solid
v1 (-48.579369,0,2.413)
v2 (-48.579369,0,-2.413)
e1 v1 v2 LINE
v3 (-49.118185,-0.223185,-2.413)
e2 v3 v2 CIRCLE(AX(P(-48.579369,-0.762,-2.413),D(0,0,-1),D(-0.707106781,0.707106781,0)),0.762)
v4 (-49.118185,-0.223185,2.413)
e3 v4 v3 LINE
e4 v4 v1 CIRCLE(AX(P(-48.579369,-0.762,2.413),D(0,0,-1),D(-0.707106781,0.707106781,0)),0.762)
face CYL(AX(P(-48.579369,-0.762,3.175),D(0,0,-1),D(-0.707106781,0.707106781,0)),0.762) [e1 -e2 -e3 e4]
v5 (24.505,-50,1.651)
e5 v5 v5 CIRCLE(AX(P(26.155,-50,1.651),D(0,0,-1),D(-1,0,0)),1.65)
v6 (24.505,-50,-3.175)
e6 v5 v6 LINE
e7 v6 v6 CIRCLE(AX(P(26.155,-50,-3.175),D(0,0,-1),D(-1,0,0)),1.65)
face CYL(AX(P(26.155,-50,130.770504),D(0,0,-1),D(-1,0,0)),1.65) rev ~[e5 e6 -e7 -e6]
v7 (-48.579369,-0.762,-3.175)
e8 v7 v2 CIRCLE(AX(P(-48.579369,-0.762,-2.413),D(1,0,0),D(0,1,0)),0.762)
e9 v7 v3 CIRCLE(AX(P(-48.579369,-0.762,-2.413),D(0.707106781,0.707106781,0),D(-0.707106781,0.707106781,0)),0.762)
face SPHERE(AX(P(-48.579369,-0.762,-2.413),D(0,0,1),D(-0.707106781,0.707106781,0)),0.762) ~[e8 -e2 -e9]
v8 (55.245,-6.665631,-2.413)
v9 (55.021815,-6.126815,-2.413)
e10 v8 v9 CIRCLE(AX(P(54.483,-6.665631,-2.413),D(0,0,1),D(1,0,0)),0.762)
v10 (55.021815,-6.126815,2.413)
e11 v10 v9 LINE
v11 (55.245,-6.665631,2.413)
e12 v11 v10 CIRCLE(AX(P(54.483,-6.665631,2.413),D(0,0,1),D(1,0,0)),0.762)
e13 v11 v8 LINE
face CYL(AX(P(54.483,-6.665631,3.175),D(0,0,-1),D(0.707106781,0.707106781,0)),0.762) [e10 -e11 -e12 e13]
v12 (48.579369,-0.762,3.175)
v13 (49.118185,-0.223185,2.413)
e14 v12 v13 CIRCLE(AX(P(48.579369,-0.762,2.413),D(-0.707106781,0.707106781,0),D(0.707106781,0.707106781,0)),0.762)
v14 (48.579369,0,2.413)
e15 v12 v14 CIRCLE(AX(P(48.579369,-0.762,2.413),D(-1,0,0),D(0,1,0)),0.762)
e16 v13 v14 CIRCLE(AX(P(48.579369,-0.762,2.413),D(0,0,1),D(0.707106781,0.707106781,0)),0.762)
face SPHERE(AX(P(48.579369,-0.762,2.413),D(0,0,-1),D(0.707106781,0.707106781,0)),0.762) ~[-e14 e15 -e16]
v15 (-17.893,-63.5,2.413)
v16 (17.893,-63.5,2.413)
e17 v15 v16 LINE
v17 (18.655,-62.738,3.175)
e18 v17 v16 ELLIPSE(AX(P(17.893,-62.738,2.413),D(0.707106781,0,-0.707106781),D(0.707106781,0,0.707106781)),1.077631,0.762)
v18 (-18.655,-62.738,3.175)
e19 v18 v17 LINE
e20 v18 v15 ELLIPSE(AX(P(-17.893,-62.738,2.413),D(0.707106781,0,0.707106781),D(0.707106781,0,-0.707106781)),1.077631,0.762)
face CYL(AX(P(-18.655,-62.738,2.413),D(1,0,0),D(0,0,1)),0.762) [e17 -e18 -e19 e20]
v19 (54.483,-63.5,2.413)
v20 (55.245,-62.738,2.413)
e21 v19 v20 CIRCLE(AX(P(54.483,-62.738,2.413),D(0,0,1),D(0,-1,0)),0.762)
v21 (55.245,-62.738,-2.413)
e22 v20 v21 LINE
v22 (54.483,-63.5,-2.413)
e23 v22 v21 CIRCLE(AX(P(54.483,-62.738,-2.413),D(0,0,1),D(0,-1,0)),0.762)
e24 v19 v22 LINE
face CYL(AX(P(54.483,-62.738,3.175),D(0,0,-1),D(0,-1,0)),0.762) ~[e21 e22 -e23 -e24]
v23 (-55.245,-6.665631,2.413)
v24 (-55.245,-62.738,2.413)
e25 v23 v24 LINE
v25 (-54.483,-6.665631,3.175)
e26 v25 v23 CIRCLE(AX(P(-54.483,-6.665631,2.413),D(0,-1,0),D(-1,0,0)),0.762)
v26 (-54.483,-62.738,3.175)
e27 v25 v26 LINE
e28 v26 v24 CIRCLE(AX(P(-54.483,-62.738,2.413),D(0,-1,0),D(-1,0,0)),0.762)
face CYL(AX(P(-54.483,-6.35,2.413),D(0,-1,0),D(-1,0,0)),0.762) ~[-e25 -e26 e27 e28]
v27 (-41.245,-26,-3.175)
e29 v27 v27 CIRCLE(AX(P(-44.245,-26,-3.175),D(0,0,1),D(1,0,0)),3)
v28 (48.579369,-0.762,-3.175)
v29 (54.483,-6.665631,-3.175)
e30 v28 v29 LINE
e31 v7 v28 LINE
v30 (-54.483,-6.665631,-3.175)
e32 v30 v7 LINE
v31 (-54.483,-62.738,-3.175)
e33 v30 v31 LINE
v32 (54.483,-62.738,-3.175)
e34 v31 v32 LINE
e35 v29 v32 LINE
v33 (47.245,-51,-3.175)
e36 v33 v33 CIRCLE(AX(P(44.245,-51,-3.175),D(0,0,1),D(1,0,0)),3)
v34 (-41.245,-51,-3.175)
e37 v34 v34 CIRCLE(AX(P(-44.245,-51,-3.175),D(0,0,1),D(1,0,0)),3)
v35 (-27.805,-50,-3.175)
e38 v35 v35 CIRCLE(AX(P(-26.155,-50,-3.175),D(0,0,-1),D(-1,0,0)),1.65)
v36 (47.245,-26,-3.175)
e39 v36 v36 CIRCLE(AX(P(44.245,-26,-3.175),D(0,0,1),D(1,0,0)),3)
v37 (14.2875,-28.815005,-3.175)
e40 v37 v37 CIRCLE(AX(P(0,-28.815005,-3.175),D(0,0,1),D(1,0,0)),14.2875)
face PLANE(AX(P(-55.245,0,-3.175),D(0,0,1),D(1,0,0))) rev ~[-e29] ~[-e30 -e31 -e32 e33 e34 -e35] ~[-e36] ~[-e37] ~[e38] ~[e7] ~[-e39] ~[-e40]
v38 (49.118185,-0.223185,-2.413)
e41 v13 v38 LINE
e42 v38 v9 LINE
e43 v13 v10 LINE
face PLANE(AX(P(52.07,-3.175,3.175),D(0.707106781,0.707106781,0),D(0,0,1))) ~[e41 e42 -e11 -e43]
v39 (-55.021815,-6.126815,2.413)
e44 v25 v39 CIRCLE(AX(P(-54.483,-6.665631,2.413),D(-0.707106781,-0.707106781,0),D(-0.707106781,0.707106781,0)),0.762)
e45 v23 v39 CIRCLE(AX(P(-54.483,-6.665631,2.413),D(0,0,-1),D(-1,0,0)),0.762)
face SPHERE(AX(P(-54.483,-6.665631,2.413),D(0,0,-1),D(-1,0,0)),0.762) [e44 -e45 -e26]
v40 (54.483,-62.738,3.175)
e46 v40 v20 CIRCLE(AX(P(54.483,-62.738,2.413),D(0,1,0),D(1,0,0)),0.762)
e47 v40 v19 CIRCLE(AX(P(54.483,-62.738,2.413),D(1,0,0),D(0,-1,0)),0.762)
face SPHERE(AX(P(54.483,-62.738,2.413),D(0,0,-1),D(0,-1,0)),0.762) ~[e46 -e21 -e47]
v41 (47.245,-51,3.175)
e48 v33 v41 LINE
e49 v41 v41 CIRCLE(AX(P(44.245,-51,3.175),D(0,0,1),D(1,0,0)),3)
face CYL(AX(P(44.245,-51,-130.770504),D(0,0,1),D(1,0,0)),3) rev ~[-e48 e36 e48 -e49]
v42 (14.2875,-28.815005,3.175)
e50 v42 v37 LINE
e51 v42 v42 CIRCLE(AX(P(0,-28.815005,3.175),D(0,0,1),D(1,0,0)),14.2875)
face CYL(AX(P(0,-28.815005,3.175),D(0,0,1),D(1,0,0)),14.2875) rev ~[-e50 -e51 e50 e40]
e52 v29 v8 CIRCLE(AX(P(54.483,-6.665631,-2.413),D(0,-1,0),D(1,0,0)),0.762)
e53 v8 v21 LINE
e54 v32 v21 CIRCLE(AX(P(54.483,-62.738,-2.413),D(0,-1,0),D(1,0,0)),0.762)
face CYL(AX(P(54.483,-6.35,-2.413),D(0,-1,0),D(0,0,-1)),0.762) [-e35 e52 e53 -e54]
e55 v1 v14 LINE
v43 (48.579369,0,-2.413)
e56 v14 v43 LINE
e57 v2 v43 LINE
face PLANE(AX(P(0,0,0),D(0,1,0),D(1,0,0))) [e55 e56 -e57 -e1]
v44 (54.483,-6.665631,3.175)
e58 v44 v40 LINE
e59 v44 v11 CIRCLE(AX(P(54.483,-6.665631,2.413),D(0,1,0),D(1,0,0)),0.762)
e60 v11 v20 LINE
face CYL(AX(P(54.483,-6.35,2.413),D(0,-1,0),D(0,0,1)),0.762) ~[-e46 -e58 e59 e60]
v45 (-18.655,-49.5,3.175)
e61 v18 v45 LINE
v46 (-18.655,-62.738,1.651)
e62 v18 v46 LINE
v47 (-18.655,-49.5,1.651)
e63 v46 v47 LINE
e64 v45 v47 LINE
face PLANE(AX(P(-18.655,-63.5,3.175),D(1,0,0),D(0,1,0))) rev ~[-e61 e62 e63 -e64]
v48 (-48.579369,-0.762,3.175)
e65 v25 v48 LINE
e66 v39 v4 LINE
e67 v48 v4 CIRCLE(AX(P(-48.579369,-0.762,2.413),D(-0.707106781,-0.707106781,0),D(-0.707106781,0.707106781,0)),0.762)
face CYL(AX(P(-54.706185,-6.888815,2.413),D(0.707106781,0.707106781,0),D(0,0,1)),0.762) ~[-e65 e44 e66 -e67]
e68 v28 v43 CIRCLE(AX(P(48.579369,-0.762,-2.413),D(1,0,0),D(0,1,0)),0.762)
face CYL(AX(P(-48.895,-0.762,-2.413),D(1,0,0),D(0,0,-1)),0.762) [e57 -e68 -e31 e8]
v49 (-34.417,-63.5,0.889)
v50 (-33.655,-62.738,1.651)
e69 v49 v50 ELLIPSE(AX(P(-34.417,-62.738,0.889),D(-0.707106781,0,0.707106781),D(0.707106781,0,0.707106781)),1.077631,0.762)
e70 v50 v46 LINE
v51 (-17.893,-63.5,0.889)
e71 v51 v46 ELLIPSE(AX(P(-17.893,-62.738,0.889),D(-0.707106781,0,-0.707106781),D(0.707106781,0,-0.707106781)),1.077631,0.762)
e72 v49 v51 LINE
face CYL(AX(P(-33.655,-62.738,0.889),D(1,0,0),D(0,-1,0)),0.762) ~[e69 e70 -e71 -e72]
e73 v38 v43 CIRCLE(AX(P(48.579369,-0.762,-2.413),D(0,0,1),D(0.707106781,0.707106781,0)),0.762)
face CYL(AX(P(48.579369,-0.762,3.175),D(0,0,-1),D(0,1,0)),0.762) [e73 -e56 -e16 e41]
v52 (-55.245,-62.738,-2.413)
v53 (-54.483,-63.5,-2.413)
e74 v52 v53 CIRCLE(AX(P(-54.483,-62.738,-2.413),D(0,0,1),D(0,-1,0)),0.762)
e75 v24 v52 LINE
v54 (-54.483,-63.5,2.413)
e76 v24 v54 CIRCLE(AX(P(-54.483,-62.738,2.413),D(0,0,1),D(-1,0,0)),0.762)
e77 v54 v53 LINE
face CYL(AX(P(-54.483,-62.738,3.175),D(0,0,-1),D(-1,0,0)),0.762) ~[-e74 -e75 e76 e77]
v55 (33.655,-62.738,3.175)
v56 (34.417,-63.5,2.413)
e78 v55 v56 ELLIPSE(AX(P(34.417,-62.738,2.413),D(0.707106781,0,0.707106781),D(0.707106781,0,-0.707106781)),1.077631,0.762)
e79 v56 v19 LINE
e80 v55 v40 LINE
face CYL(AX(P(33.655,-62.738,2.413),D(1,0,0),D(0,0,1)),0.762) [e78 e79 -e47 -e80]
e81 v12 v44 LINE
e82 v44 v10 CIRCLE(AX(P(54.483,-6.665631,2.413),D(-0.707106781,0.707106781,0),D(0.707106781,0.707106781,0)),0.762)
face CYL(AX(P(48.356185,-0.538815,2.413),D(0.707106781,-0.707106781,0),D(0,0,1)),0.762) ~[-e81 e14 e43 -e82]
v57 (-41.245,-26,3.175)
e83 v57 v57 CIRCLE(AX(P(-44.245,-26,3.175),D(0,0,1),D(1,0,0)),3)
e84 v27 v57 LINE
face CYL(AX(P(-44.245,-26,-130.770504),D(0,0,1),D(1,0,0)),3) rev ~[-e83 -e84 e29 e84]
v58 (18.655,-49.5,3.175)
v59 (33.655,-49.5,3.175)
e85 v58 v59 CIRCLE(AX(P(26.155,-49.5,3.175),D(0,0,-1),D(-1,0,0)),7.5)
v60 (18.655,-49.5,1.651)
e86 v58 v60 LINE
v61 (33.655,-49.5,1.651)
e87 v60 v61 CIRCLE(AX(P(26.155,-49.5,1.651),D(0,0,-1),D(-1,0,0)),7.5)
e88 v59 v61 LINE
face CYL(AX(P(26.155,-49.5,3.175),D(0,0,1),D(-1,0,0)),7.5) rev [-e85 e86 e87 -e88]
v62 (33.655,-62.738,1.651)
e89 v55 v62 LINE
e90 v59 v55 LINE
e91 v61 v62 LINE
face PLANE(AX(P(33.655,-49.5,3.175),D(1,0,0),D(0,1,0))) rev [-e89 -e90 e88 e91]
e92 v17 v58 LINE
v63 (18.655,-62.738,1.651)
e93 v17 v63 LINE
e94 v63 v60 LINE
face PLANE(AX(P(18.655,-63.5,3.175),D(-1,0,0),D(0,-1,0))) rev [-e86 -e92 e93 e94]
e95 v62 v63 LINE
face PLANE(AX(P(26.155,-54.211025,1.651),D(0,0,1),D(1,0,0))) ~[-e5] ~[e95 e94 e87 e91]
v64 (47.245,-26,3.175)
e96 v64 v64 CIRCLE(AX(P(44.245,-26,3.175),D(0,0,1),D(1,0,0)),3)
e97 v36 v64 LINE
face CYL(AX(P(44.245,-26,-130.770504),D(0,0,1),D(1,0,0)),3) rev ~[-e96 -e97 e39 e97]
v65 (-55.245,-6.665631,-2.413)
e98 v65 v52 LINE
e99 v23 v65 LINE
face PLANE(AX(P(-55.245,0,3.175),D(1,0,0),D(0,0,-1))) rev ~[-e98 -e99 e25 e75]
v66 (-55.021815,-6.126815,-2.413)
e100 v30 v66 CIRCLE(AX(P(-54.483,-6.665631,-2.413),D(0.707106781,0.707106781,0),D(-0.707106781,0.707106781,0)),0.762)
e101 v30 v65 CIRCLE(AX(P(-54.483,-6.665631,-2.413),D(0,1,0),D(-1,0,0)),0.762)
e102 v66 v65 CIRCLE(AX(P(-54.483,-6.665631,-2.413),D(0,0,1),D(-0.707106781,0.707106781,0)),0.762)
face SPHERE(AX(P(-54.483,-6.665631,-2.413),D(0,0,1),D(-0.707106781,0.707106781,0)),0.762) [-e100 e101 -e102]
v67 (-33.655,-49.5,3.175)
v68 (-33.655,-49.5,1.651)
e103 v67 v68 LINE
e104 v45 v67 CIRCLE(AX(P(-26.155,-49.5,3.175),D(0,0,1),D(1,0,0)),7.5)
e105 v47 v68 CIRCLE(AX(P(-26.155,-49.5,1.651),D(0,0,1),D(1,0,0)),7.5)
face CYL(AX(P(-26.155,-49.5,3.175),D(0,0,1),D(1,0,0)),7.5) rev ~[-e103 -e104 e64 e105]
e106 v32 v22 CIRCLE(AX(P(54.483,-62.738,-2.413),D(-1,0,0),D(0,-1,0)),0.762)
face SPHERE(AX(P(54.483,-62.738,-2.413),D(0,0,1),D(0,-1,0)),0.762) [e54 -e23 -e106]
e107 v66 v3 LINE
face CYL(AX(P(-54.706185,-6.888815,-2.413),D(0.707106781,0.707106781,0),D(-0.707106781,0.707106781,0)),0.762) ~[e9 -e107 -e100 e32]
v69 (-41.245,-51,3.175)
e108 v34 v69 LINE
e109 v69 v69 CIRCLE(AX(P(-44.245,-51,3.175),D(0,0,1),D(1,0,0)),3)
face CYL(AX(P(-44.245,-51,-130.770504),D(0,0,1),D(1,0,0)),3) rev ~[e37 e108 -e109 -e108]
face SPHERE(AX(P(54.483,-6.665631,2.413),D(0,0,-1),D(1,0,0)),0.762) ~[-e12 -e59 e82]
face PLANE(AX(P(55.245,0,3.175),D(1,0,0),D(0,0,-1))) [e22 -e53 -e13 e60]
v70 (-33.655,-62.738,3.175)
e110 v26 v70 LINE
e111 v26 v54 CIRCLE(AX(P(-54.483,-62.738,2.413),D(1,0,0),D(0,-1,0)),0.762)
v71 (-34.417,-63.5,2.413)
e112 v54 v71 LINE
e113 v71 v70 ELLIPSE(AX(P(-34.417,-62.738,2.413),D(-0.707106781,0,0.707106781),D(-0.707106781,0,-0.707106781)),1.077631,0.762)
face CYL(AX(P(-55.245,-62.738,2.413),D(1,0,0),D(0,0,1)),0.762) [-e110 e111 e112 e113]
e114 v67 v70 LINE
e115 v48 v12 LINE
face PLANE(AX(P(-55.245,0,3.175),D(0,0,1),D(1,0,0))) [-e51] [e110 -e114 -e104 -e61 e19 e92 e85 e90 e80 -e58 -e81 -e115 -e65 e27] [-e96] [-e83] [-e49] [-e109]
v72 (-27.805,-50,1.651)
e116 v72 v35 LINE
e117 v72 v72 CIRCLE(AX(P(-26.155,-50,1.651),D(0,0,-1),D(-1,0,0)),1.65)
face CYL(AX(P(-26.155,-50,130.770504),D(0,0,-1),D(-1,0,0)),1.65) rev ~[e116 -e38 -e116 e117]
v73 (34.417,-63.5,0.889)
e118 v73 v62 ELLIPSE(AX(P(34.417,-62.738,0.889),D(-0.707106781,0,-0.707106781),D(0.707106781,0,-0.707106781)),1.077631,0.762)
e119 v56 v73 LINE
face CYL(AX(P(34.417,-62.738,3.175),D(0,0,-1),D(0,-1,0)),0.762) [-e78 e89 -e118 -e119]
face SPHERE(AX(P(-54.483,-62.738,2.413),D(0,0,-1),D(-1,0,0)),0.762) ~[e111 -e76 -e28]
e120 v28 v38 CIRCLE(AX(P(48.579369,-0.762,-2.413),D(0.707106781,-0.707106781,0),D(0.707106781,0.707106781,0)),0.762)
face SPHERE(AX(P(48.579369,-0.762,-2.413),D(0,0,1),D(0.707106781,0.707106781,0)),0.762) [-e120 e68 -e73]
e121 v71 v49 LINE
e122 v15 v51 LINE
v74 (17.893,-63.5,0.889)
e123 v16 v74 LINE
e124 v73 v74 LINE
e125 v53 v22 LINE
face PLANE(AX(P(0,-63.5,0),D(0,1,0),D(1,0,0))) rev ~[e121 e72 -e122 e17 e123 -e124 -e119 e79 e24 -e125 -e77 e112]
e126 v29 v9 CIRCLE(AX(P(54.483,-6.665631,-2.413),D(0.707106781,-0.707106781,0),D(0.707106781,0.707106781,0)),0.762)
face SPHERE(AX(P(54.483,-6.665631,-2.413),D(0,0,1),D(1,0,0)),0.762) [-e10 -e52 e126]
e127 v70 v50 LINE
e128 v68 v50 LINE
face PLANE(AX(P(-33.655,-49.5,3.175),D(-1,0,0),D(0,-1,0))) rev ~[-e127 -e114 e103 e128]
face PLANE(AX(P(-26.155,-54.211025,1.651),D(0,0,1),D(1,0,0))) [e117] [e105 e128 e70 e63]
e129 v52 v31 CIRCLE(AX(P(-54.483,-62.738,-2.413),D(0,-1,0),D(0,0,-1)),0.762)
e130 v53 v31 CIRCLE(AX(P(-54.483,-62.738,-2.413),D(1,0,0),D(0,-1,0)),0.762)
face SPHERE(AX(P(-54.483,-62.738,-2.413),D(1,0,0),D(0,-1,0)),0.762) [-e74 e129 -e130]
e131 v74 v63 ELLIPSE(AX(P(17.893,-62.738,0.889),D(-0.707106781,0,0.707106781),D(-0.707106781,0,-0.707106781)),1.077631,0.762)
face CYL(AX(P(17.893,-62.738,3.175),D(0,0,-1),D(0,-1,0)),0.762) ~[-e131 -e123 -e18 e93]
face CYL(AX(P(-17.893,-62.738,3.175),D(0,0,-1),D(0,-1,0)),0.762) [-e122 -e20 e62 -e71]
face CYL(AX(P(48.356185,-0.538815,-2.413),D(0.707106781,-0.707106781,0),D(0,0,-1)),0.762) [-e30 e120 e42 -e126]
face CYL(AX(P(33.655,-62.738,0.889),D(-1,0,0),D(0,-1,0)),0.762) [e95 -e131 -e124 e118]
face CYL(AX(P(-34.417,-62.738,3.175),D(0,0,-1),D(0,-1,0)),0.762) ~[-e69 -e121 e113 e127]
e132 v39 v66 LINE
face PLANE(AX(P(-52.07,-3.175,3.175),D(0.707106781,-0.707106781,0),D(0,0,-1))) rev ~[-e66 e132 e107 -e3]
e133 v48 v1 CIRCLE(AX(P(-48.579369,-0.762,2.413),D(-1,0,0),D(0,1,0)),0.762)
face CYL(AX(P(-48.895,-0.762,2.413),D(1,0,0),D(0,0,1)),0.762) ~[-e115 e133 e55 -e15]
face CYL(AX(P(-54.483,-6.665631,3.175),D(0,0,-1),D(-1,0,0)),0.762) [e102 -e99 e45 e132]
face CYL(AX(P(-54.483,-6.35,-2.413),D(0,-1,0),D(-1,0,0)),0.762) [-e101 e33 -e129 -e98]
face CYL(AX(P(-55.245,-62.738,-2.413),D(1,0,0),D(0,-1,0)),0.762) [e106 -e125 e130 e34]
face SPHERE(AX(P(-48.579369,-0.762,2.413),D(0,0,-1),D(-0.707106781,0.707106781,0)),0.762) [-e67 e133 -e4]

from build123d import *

# Parameters (mm, degrees)
SKETCH2_W                   = 110.49
SKETCH2_H                   = 6.35
BOSS_EXTRUDE1_DEPTH         = 63.5
SKETCH3_R                   = 14.2875
CUT_EXTRUDE1_DEPTH          = 85.407242136
CHAMFER1_SIZE               = 6.35
CUT_EXTRUDE2_DEPTH          = 1.524
TAP_DRILL_FOR_M4X0_7_TAP1_D = 3.3
TAP_DRILL_FOR_M7X1_0_TAP1_D = 6
FILLET2_R                   = 0.762


with BuildPart() as part:
    # Sketch2 → Boss-Extrude1 (new body)
    with BuildSketch(Plane(origin=(0, 0, 0), x_dir=(1, 0, 0), z_dir=(0, 1, 0))):
        Rectangle(SKETCH2_W, SKETCH2_H)
    extrude(amount=-BOSS_EXTRUDE1_DEPTH)

    # Sketch3 → Cut-Extrude1 (cut, through all)
    with BuildSketch(Plane.XY.offset(3.175)):
        with Locations((0, -28.8150046)):
            Circle(SKETCH3_R)
    extrude(amount=-CUT_EXTRUDE1_DEPTH, mode=Mode.SUBTRACT)

    # Chamfer1
    chamfer1_edges = [part.edges().sort_by_distance(p)[0] for p in [
        (55.245, 0, 0),
        (-55.245, 0, 0),
    ]]
    chamfer(chamfer1_edges, length=CHAMFER1_SIZE)

    # Sketch12 → Cut-Extrude2 (cut)
    with BuildSketch(Plane.XY.offset(3.175)):
        with BuildLine():
            Line((-33.655, -49.5), (-33.655, -63.5))
            Line((-33.655, -63.5), (-18.655, -63.5))
            Line((-18.655, -63.5), (-18.655, -49.5))
            ThreePointArc((-18.655, -49.5), (-26.155, -42), (-33.655, -49.5))
        make_face()
    cut_extrude2 = extrude(amount=-CUT_EXTRUDE2_DEPTH, mode=Mode.SUBTRACT)

    # Mirror1: Cut-Extrude2 across plane
    add(cut_extrude2.mirror(Plane(origin=(0, 0, 0), x_dir=(0, 0, 1), z_dir=(1, 0, 0))), mode=Mode.SUBTRACT)

    # Tap Drill for M4x0.7 Tap1 (through all)
    with Locations(Plane.XY.offset(3.175)):
        with Locations((-26.155, -50), (26.155, -50)):
            Hole(TAP_DRILL_FOR_M4X0_7_TAP1_D / 2)

    # Tap Drill for M7x1.0 Tap1 (through all)
    with Locations(Plane(origin=(0, 0, -3.175), x_dir=(-1, 0, 0), z_dir=(0, 0, -1))):
        with Locations((44.245, -26), (44.245, -51), (-44.245, -51), (-44.245, -26)):
            Hole(TAP_DRILL_FOR_M7X1_0_TAP1_D / 2)

    # Fillet2
    fillet2_edges = [part.edges().sort_by_distance(p)[0] for p in [
        (55.245, -63.5, 0),
        (0, -63.5, -3.175),
        (0, 0, 3.175),
        (0, 0, -3.175),
        (48.895, 0, 0),
        (-48.895, 0, 0),
        (52.07, -3.175, 3.175),
        (-52.07, -3.175, 3.175),
        (-55.245, -6.35, 0),
        (52.07, -3.175, -3.175),
        (-52.07, -3.175, -3.175),
        (55.245, -6.35, 0),
        (0, -63.5, 3.175),
        (-26.155, -63.5, 1.651),
        (-18.655, -63.5, 2.413),
        (-33.655, -63.5, 2.413),
        (44.45, -63.5, 3.175),
        (-55.245, -63.5, 0),
        (33.655, -63.5, 2.413),
        (18.655, -63.5, 2.413),
        (26.155, -63.5, 1.651),
        (-55.245, -34.925, -3.175),
        (55.245, -34.925, -3.175),
        (55.245, -34.925, 3.175),
        (-55.245, -34.925, 3.175),
        (-44.45, -63.5, 3.175),
    ]]
    fillet(fillet2_edges, radius=FILLET2_R)


solid = part.part
